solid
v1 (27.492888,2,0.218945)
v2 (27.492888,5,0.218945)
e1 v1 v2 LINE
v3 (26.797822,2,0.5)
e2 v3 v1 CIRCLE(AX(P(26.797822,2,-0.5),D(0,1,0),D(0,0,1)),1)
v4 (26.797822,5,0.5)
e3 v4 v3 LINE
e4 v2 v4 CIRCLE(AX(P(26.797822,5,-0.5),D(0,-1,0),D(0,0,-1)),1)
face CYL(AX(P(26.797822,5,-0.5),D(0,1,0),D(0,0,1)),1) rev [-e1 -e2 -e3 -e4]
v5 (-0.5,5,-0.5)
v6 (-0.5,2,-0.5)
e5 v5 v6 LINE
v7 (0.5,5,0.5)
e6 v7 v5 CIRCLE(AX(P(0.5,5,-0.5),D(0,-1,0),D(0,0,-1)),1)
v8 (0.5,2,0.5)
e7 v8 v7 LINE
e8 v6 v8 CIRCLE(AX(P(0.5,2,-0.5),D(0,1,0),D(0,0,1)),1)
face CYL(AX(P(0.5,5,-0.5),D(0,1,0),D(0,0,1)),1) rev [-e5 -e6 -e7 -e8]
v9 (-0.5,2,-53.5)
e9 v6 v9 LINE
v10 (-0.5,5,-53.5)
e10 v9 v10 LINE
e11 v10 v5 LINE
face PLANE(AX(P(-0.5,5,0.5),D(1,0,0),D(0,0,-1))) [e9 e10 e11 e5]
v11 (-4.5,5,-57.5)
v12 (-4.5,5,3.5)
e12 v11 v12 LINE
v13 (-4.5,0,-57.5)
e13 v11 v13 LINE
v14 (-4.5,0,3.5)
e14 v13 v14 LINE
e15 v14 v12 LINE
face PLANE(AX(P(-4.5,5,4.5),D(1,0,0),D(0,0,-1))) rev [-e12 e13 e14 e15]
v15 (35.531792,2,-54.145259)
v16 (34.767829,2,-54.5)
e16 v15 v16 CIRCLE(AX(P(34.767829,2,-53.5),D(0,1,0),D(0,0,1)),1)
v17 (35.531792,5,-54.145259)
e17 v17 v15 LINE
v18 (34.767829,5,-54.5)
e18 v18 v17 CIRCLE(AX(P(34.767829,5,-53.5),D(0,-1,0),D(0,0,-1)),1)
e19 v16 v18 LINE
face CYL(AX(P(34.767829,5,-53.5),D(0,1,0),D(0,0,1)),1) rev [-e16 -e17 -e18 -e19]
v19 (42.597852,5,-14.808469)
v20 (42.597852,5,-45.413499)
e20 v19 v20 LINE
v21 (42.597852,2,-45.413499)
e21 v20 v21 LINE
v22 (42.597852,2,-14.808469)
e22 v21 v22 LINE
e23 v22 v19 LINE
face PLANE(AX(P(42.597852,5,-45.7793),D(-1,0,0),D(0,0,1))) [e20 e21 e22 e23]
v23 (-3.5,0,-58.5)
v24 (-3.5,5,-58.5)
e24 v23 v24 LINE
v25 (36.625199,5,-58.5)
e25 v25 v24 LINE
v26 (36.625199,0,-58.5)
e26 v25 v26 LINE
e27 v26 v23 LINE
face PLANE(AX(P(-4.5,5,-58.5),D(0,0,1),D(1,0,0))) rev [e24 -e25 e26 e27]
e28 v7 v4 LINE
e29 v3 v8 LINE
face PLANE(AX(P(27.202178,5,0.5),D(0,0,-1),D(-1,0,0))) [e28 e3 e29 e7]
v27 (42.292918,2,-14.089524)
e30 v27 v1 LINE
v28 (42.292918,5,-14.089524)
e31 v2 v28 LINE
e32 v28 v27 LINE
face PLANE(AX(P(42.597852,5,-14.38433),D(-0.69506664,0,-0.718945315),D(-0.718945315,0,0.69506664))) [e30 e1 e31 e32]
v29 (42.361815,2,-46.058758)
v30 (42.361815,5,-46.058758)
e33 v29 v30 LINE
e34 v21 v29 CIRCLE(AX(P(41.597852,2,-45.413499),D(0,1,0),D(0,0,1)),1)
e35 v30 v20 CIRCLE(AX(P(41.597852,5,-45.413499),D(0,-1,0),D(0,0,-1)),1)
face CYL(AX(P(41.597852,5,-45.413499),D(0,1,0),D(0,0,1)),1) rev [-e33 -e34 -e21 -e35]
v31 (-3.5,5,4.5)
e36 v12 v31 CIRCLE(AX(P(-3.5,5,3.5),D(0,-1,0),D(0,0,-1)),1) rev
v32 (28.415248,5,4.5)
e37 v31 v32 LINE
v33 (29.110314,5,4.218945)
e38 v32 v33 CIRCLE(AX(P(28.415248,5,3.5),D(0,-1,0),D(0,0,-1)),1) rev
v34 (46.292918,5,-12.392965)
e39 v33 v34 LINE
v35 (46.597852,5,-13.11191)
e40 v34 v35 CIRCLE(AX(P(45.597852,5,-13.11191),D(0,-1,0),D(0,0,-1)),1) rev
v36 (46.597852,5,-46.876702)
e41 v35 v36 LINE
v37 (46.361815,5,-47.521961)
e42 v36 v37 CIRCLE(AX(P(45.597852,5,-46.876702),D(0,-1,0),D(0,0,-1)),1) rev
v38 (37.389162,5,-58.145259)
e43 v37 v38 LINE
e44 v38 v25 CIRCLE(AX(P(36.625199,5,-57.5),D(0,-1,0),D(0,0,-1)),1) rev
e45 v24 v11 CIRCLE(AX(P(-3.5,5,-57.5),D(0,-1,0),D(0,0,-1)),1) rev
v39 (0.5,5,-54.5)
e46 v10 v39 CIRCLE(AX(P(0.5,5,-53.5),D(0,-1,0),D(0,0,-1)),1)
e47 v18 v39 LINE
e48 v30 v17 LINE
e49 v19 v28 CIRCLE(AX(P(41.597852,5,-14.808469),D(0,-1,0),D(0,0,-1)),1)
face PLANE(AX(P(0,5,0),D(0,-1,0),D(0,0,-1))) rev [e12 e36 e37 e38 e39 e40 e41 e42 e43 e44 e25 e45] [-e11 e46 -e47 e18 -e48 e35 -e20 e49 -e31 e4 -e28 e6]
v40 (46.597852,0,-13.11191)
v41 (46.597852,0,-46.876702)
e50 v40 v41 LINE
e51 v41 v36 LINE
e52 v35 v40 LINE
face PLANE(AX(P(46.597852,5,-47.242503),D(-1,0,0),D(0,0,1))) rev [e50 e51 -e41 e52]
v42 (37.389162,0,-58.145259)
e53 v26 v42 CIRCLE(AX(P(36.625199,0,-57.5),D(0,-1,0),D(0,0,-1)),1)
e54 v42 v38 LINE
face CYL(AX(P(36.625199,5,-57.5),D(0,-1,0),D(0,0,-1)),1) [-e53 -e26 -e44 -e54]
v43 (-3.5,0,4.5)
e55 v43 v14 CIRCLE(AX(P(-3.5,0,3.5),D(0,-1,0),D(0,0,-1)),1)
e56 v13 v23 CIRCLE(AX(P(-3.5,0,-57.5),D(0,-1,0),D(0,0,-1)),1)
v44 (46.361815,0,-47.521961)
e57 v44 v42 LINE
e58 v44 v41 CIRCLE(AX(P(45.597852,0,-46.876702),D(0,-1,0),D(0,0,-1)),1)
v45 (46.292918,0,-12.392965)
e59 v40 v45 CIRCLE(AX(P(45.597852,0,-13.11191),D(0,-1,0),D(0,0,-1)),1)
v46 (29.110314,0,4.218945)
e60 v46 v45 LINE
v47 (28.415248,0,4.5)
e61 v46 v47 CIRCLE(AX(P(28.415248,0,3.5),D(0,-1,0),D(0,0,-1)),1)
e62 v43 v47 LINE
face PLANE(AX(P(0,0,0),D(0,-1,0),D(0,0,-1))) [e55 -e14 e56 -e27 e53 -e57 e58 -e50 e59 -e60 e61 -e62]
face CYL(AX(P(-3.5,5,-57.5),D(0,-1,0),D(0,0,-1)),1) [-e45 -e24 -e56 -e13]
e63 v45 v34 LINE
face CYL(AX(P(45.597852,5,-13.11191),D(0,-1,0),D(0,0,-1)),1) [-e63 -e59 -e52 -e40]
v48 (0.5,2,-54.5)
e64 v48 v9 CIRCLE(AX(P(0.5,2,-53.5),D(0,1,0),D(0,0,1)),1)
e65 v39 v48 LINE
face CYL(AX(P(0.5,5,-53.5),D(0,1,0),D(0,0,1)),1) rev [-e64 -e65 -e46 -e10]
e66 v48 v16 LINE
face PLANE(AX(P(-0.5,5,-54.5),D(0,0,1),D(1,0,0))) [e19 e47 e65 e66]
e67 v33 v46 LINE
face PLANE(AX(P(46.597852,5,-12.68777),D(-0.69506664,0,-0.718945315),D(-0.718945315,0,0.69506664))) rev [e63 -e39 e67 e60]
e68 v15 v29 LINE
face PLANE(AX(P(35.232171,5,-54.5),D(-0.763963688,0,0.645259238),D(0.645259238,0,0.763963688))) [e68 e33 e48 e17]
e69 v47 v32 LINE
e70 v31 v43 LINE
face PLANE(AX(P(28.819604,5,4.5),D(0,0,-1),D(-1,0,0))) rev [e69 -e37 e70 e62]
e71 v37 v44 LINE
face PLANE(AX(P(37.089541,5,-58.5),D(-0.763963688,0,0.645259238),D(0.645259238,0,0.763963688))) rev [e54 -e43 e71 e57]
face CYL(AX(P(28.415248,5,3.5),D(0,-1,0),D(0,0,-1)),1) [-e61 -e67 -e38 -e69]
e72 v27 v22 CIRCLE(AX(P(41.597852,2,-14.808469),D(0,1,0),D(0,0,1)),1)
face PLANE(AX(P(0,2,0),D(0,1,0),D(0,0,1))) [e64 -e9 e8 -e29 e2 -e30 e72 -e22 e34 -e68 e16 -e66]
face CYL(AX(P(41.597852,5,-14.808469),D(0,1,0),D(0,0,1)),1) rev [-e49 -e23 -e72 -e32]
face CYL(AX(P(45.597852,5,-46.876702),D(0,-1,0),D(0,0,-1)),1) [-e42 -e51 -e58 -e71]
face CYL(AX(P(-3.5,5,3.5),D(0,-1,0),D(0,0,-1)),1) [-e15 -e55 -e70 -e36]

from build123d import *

# Parameters (mm, degrees)
BOSS_EXTRUDE1_DEPTH = 5
BOSS_EXTRUDE2_DEPTH = 2
FILLET1_R           = 1


with BuildPart() as part:
    # Sketch1 → Boss-Extrude1 (new body)
    with BuildSketch(Plane(origin=(0, 0, 0), x_dir=(1, 0, 0), z_dir=(0, 1, 0))):
        Polygon((-4.5, -4.5), (-4.5, 58.5), (37.089540976, 58.5), (46.597851618, 47.242502808), (46.597851618, 12.6877701), (28.819604063, -4.5), align=None)
        Polygon((-0.5, -0.5), (-0.5, 54.5), (35.23217122, 54.5), (42.597851618, 45.779299812), (42.597851618, 14.384329511), (27.202178229, -0.5), align=None, mode=Mode.SUBTRACT)
    extrude(amount=BOSS_EXTRUDE1_DEPTH)

    # Sketch1_2 → Boss-Extrude2 (add)
    with BuildSketch(Plane(origin=(0, 0, 0), x_dir=(1, 0, 0), z_dir=(0, 1, 0))):
        Polygon((27.202178229, -0.5), (-0.5, -0.5), (-0.5, 54.5), (35.23217122, 54.5), (42.597851618, 45.779299812), (42.597851618, 14.384329511), align=None)
    extrude(amount=BOSS_EXTRUDE2_DEPTH)

    # Fillet1
    fillet1_edges = [part.edges().sort_by_distance(p)[0] for p in [
        (-4.5, 2.5, 4.5),
        (-4.5, 2.5, -58.5),
        (37.089540976, 2.5, -58.5),
        (46.597851618, 2.5, -47.242502808),
        (46.597851618, 2.5, -12.6877701),
        (28.819604063, 2.5, 4.5),
        (-0.5, 3.5, 0.5),
        (27.202178229, 3.5, 0.5),
        (42.597851618, 3.5, -14.384329511),
        (42.597851618, 3.5, -45.779299812),
        (35.23217122, 3.5, -54.5),
        (-0.5, 3.5, -54.5),
    ]]
    fillet(fillet1_edges, radius=FILLET1_R)


solid = part.part
